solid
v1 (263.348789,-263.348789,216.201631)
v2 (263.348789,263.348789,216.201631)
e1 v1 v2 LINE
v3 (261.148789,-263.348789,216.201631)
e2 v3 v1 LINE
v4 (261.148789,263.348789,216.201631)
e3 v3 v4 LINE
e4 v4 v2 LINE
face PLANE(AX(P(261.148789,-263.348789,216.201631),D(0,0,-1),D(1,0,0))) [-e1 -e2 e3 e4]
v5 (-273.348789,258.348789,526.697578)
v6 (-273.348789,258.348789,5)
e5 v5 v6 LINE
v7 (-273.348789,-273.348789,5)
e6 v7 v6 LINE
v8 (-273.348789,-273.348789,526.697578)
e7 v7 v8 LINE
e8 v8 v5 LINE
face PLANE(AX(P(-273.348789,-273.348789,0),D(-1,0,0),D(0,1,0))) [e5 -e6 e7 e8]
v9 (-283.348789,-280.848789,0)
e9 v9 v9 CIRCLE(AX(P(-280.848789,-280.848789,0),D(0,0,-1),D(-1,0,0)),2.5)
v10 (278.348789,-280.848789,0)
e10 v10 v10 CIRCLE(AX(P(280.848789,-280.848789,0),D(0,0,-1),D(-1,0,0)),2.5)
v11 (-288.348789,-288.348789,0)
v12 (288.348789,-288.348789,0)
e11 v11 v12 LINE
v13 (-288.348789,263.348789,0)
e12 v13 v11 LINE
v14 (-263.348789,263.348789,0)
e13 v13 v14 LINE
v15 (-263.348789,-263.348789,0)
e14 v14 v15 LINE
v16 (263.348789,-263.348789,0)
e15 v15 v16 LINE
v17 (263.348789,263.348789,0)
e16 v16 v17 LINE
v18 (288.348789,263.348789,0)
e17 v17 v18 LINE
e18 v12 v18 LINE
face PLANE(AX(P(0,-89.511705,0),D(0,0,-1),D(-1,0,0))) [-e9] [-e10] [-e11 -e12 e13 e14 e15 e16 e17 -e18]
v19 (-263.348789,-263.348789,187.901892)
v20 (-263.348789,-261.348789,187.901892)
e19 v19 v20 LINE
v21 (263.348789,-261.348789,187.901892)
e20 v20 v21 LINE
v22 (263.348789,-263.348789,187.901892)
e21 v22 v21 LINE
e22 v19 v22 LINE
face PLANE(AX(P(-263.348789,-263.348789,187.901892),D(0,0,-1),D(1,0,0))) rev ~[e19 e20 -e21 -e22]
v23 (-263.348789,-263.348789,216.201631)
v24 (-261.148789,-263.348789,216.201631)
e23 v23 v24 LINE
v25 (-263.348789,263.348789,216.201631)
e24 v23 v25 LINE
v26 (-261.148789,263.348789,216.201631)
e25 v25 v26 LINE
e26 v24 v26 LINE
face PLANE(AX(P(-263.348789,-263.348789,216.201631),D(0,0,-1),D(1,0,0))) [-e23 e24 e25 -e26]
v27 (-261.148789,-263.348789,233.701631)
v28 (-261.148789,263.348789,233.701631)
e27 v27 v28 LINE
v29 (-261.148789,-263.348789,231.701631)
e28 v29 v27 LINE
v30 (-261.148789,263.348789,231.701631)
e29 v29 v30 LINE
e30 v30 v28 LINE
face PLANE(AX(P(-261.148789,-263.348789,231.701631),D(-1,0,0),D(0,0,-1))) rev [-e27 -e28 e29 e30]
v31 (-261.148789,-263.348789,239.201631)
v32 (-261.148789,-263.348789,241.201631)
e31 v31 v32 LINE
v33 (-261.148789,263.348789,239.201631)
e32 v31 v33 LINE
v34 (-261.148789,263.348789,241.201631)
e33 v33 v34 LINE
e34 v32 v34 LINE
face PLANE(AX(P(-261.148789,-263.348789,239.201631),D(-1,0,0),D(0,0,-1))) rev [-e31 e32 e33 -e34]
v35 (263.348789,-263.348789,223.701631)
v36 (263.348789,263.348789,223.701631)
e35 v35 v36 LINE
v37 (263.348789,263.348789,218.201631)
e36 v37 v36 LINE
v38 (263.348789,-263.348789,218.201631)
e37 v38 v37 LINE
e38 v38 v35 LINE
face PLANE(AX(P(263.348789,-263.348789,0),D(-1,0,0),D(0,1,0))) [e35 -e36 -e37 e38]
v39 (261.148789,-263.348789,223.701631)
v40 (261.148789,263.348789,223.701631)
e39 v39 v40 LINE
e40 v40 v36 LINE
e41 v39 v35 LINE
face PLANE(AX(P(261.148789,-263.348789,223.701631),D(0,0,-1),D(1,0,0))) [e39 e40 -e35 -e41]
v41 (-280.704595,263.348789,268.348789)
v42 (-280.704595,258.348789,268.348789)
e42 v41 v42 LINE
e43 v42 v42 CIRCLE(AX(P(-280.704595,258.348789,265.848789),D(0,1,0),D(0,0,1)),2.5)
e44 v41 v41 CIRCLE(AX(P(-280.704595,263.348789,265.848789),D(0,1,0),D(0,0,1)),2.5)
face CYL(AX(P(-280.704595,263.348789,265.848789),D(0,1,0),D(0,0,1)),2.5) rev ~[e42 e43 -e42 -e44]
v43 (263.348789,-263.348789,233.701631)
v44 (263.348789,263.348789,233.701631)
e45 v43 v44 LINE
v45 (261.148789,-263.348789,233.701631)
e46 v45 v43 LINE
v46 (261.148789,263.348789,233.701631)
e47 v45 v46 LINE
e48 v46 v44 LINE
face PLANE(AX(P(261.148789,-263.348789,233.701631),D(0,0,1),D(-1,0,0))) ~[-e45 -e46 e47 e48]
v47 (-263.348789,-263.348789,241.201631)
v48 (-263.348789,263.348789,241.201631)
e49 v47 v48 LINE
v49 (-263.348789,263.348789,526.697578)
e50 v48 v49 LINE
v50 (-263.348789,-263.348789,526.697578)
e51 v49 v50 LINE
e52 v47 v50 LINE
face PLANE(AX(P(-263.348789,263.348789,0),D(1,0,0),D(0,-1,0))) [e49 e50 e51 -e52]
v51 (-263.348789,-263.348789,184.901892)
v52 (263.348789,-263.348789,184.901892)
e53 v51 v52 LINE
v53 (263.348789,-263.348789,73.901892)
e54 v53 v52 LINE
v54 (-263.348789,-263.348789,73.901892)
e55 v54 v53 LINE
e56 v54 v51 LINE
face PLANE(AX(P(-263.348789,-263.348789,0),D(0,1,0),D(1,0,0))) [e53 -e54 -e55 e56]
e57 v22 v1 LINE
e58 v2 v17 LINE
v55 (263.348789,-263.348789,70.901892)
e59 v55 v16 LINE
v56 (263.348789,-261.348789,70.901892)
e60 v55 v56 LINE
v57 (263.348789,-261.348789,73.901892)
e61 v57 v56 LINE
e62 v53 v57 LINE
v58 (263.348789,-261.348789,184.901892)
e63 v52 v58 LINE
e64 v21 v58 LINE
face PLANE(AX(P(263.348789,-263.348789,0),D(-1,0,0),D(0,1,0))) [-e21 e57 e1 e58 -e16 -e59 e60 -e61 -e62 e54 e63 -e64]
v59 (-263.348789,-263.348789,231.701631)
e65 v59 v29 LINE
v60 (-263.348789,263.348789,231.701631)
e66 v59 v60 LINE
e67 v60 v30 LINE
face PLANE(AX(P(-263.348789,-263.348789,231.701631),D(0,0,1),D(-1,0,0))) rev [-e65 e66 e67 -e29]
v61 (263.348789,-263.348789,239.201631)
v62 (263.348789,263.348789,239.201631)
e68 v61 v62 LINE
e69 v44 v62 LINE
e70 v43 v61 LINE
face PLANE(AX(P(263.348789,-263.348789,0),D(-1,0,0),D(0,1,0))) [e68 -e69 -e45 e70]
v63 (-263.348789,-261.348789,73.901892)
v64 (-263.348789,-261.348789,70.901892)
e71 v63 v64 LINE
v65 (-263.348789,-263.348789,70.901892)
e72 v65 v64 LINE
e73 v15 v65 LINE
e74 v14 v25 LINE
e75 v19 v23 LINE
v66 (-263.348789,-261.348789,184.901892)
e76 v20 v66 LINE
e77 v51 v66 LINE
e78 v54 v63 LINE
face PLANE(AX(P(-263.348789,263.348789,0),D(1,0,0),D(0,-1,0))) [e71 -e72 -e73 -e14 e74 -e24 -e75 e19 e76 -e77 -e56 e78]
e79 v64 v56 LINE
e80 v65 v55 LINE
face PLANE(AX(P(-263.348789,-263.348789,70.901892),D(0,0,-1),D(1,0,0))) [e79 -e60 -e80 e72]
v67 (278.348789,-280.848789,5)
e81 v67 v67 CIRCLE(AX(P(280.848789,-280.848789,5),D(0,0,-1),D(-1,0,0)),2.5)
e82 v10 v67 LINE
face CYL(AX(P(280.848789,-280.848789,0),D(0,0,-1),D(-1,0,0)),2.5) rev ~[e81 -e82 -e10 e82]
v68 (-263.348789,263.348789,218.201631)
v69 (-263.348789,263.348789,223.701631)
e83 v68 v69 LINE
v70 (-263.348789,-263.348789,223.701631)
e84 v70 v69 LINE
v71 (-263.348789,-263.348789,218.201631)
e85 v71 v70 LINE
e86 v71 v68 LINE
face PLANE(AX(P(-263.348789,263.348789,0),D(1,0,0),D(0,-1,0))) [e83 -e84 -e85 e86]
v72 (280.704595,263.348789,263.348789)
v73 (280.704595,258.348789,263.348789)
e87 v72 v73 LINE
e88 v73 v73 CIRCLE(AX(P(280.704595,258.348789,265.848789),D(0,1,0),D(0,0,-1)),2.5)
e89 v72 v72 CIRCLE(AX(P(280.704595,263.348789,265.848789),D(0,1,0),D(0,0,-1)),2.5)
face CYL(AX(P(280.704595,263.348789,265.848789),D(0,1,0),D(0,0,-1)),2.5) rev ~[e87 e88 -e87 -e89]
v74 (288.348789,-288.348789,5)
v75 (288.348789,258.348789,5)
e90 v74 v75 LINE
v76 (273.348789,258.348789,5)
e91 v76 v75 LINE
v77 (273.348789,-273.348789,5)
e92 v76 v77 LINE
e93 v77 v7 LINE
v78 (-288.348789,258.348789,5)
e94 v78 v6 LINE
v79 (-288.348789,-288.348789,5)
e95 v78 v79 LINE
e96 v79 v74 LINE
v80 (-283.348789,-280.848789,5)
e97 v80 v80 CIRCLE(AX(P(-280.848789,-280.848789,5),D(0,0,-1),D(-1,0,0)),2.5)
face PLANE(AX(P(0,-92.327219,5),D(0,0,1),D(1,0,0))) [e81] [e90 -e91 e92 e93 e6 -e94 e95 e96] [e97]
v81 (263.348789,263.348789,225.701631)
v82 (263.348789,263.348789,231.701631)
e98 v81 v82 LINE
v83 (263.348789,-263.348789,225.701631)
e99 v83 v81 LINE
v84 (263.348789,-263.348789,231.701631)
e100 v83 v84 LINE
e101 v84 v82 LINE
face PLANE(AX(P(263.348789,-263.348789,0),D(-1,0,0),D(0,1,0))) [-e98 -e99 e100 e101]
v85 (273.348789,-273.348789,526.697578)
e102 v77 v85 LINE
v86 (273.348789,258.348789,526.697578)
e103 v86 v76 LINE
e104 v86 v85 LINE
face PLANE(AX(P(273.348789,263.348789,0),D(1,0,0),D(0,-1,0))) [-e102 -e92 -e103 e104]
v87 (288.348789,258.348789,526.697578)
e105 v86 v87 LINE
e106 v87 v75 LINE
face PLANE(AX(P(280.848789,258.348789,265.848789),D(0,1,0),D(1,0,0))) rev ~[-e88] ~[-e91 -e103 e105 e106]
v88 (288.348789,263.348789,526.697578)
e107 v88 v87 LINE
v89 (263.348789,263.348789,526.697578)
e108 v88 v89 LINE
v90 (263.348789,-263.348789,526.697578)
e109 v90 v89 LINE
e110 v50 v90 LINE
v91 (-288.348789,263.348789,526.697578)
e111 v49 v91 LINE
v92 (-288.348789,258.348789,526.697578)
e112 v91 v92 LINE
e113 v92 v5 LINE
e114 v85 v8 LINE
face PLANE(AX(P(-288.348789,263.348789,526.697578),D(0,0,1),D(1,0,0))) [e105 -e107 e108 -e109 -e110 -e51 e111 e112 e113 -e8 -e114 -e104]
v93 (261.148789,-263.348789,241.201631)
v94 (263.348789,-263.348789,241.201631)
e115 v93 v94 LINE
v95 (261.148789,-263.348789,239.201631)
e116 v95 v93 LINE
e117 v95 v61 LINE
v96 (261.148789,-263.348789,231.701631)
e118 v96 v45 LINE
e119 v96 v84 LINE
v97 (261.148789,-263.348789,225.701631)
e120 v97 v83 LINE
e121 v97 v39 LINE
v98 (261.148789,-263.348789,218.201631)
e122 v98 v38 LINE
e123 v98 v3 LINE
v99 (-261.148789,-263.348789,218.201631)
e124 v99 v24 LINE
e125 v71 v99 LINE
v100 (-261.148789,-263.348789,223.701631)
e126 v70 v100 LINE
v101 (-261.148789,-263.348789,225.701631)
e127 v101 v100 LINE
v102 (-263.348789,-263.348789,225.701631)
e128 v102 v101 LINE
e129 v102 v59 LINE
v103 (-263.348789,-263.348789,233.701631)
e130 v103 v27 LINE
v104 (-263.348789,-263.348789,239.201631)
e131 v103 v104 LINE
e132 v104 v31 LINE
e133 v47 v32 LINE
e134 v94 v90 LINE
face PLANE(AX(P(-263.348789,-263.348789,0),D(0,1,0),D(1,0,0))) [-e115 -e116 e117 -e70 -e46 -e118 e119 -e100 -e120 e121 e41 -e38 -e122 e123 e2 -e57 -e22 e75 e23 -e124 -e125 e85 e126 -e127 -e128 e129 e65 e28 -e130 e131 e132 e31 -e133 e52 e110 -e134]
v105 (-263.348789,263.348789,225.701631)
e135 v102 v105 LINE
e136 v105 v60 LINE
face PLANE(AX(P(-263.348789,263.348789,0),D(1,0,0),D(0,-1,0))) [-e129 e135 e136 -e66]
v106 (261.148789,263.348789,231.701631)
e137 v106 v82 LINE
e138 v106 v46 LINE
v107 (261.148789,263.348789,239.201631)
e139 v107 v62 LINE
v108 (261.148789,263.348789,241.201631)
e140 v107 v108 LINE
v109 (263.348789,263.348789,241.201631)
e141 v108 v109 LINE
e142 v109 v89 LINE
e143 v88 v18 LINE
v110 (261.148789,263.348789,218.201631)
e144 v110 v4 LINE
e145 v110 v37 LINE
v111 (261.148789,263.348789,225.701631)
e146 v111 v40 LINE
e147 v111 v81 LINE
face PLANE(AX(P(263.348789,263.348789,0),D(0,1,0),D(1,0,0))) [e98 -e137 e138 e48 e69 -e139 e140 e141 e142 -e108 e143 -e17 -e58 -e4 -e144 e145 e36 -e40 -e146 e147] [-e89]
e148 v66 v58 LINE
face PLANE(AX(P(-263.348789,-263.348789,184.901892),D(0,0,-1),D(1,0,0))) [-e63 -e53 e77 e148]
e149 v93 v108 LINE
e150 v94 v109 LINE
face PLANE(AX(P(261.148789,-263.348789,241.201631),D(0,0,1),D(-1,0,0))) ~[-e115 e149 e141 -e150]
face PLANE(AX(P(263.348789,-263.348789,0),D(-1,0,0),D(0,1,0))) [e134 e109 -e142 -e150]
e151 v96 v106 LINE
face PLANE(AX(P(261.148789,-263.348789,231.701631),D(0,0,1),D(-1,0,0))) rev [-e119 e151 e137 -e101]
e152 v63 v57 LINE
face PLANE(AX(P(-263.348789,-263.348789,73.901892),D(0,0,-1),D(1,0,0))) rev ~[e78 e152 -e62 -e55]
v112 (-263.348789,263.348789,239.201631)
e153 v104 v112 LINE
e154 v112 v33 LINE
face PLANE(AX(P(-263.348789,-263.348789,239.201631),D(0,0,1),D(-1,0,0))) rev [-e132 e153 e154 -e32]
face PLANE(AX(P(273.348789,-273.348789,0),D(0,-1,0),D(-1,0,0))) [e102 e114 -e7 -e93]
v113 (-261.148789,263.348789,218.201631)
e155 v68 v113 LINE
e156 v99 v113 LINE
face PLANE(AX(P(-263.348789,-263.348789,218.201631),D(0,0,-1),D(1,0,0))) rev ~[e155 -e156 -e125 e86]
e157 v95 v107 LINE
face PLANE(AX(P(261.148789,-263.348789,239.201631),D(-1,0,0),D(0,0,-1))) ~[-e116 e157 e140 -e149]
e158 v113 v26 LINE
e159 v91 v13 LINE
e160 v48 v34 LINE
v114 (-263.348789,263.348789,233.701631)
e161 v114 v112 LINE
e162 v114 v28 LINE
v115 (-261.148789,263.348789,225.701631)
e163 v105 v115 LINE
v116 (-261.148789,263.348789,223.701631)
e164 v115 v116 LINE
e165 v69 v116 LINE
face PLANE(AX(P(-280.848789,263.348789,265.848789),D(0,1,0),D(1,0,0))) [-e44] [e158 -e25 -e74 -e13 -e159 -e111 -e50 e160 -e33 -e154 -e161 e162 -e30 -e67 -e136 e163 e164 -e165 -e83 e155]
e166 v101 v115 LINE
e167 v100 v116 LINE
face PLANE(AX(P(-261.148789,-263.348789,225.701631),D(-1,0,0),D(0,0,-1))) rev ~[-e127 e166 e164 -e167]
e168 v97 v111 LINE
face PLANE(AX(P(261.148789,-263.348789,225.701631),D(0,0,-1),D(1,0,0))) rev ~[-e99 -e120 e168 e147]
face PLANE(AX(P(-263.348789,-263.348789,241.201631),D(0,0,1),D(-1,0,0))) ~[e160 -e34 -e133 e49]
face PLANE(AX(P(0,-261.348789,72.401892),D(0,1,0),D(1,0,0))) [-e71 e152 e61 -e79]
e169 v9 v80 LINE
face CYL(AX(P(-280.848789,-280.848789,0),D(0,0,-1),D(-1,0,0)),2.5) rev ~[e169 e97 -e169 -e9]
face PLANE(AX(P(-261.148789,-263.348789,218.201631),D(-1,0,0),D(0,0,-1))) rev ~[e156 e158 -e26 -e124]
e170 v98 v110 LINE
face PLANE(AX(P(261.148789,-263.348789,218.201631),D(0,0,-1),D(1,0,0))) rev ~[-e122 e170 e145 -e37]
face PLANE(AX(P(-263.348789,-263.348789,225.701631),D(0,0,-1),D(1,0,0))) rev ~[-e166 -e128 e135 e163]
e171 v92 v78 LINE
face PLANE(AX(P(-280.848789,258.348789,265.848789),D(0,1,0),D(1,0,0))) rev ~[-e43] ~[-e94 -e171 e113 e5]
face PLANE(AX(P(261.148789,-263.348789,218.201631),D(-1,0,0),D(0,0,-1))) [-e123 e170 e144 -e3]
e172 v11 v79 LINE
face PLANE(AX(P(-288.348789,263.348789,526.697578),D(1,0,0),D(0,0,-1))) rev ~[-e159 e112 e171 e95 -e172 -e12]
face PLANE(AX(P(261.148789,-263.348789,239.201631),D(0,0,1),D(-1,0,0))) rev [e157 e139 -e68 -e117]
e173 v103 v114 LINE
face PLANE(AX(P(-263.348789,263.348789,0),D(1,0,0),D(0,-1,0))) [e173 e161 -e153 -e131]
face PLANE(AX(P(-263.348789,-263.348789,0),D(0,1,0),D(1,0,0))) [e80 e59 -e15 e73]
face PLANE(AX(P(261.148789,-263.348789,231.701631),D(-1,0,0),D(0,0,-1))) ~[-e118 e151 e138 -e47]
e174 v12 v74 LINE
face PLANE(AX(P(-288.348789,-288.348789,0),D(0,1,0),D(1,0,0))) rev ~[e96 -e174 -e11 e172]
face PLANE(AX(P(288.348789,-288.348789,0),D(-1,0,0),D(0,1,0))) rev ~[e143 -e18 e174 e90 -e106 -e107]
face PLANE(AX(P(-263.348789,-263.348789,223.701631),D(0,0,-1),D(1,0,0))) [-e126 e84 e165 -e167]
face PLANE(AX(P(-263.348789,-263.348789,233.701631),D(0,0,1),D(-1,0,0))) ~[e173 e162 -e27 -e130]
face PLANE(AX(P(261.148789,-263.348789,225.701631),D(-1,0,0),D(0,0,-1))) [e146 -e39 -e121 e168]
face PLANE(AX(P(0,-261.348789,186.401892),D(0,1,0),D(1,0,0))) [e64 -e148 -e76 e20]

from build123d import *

# Parameters (mm, degrees)
BOSS_EXTRUDE1_DEPTH = 526.6975777
SKETCH2_W           = 526.6975777
SKETCH2_H           = 3
BOSS_EXTRUDE2_DEPTH = 2
SKETCH3_W           = 2.2
SKETCH3_H           = 2
BOSS_EXTRUDE3_DEPTH = 526.6975777
SKETCH4_R           = 2.5
BOSS_EXTRUDE4_DEPTH = 5
SKETCH5_W           = 15
SKETCH5_H           = 521.6975777
SKETCH5_R           = 2.5
BOSS_EXTRUDE5_DEPTH = 5


with BuildPart() as part:
    # Sketch1 → Boss-Extrude1 (new body)
    with BuildSketch(Plane.XY):
        Polygon((-263.34878885, -263.34878885), (263.34878885, -263.34878885), (263.34878885, 263.34878885), (273.34878885, 263.34878885), (273.34878885, -273.34878885), (-273.34878885, -273.34878885), (-273.34878885, 263.34878885), (-263.34878885, 263.34878885), align=None)
    extrude(amount=BOSS_EXTRUDE1_DEPTH)

    # Sketch2 → Boss-Extrude2 (add)
    with BuildSketch(Plane(origin=(0, -263.34878885, 0), x_dir=(1, 0, 0), z_dir=(0, 1, 0))):
        with Locations((0, -72.401892101)):
            Rectangle(SKETCH2_W, SKETCH2_H)
        with Locations((0, -186.401892101)):
            Rectangle(SKETCH2_W, SKETCH2_H)
    extrude(amount=BOSS_EXTRUDE2_DEPTH)

    # Sketch3 → Boss-Extrude3 (add)
    with BuildSketch(Plane(origin=(0, -263.34878885, 0), x_dir=(1, 0, 0), z_dir=(0, 1, 0))):
        with Locations((-262.24878885, -217.20163133)):
            Rectangle(SKETCH3_W, SKETCH3_H)
        with Locations((-262.24878885, -224.70163133)):
            Rectangle(SKETCH3_W, SKETCH3_H)
        with Locations((262.24878885, -224.70163133)):
            Rectangle(SKETCH3_W, SKETCH3_H)
        with Locations((262.24878885, -217.20163133)):
            Rectangle(SKETCH3_W, SKETCH3_H)
    boss_extrude3 = extrude(amount=BOSS_EXTRUDE3_DEPTH)

    # Mirror1: Boss-Extrude3 across plane
    add(boss_extrude3.mirror(Plane.XY.offset(228.70163133)))

    # Sketch4 → Boss-Extrude4 (add)
    with BuildSketch(Plane(origin=(0, 0, 0), x_dir=(-1, 0, 0), z_dir=(0, 0, -1))):
        Polygon((-263.34878885, 263.34878885), (-263.34878885, -263.34878885), (263.34878885, -263.34878885), (263.34878885, 263.34878885), (288.34878885, 263.34878885), (288.34878885, -288.34878885), (-288.34878885, -288.34878885), (-288.34878885, 263.34878885), align=None)
        with Locations((-280.84878885, -280.84878885)):
            Circle(SKETCH4_R, mode=Mode.SUBTRACT)
        with Locations((280.84878885, -280.84878885)):
            Circle(SKETCH4_R, mode=Mode.SUBTRACT)
    extrude(amount=-BOSS_EXTRUDE4_DEPTH)

    # Sketch5 → Boss-Extrude5 (add)
    # profile 1 of 2: a face of its own
    with BuildSketch(Plane(origin=(0, 263.34878885, 0), x_dir=(1, 0, 0), z_dir=(0, 1, 0))):
        with Locations((-280.84878885, -265.84878885)):
            Rectangle(SKETCH5_W, SKETCH5_H)
        with Locations(Location((-280.704595135, -265.84878885, 0), (0, 0, 270))):
            Circle(SKETCH5_R, mode=Mode.SUBTRACT)
    # profile 2 of 2: a face of its own
    with BuildSketch(Plane(origin=(0, 263.34878885, 0), x_dir=(1, 0, 0), z_dir=(0, 1, 0))):
        with Locations((280.84878885, -265.84878885)):
            Rectangle(SKETCH5_W, SKETCH5_H)
        with Locations(Location((280.704595135, -265.84878885, 0), (0, 0, 90))):
            Circle(SKETCH5_R, mode=Mode.SUBTRACT)
    extrude(amount=-BOSS_EXTRUDE5_DEPTH)


solid = part.part
